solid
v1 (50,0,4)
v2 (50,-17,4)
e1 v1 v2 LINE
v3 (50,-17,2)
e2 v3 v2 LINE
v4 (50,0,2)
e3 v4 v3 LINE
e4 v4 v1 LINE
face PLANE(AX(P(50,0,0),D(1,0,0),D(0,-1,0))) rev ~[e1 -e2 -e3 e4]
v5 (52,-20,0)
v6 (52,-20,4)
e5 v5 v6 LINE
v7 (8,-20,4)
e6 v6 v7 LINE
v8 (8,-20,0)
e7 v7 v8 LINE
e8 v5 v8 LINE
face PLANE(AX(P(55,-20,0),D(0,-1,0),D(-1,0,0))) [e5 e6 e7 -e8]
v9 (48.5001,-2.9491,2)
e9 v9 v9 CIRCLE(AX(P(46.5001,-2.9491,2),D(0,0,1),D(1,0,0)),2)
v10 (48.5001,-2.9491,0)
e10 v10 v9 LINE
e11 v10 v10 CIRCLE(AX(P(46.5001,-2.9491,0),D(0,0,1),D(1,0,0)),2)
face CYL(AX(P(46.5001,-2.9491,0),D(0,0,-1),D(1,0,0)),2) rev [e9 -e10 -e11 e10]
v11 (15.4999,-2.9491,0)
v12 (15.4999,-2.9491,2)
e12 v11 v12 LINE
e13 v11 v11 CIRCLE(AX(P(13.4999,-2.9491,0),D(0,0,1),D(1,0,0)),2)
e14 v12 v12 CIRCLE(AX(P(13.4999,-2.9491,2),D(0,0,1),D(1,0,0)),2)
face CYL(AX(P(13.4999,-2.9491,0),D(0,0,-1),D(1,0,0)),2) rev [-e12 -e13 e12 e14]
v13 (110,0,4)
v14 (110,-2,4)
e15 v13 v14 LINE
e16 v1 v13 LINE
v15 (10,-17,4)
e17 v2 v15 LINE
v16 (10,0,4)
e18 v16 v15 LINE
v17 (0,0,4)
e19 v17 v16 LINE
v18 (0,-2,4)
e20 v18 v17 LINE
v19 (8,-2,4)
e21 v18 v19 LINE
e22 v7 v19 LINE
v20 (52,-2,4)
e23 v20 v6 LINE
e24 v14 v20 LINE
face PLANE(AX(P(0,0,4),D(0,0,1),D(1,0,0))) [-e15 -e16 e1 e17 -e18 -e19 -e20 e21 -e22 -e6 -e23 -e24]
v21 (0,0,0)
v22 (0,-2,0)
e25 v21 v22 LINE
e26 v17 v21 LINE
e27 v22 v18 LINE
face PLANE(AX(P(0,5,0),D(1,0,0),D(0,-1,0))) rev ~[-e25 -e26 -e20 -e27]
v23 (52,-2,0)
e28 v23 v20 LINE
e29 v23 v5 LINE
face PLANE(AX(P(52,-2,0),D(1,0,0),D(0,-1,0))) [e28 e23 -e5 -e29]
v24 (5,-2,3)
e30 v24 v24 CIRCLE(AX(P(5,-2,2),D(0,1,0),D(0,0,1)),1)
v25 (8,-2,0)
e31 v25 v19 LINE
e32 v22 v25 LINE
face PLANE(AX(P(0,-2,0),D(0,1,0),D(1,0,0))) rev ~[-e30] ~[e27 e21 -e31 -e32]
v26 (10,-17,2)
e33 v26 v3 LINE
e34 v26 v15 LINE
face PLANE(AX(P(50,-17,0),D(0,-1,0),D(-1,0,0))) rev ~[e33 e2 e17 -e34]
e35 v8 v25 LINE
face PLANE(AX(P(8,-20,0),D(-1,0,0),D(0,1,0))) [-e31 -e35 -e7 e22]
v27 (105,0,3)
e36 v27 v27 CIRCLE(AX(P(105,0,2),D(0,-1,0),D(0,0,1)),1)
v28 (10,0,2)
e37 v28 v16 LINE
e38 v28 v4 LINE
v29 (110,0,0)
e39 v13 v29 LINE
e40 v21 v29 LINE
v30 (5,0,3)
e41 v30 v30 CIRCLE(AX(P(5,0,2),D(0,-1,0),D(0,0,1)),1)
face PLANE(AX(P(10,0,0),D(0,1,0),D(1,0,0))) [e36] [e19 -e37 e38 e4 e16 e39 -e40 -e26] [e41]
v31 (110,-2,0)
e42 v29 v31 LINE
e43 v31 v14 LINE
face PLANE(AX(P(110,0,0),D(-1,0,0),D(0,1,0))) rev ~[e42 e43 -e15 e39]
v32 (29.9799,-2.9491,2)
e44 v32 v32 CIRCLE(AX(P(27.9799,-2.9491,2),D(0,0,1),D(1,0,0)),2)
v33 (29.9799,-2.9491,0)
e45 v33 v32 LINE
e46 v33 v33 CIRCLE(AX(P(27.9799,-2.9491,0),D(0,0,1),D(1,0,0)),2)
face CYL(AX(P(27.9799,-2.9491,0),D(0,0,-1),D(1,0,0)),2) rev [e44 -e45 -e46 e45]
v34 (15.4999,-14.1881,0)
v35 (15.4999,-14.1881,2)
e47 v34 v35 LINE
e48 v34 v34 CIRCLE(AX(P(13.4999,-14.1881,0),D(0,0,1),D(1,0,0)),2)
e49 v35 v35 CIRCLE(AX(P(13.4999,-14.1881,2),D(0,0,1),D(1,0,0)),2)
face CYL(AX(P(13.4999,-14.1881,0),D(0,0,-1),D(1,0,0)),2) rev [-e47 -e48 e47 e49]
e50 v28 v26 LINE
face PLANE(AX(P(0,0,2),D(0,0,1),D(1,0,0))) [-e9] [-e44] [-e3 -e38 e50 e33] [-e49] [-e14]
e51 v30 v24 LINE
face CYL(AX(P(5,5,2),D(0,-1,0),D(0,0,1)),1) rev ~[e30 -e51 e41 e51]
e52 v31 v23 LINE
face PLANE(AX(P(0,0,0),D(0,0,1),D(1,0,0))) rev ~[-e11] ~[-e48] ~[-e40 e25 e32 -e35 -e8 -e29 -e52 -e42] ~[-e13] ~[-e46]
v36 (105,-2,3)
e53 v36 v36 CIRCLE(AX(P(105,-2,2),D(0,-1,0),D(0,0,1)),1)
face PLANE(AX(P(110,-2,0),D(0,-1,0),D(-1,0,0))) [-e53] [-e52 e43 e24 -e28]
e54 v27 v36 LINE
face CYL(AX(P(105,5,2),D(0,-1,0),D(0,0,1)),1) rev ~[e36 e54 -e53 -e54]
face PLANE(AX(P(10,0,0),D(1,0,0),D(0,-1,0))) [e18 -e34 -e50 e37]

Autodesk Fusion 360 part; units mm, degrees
sketch "Esboço1" plane through (0, 0, 0) normal (0, 0, 1) x (1, 0, 0)
  line L0 (0, 0) -> (110, 0)
  line L1 (110, 0) -> (110, -5)
  line L2 (55, -20) -> (5, -20)
  line L3 (0, -5) -> (0, 0)
  line L4 (0, 0) -> (55, 0)
  line L5 (0, -5) -> (0, 0)
  line L6 (35, 0) -> (75, 0)
  line L7 (0, 0) -> (10, 0)
  line L8 (10, 0) -> (10, -10)
  line L9 (0, -5) -> (0, 0)
  line L10 (10, 0) -> (50, 0)
  line L11 (50, 0) -> (50, -17)
  line L12 (50, -17) -> (10, -17)
  line L13 (10, -17) -> (10, 0)
  line L14 (10, 0) -> (50, 0)
  line L15 (50, 0) -> (50, -17)
  line L16 (50, -17) -> (10, -17)
  line L17 (10, -17) -> (10, 0)
  circle A0 centre (46.5001, -2.9491) radius 2
  circle A1 centre (46.5001, -14.1881) radius 2
  circle A2 centre (30, -14.1881) radius 2
  line L18 (30, -12.1881) -> (30, -17)
  circle A3 centre (13.4999, -14.1881) radius 2
  line L19 (0, 0) -> (5, 0)
  line L20 (0, -5) -> (0, 0)
  line L21 (110, 0) -> (105, 0)
  line L22 (110, -5) -> (110, 0)
  line L23 (55, -20) -> (110, -5)
  line L24 (5, -20) -> (0, -5)
  line L25 (0, 0) -> (5, 0)
  line L26 (5, 0) -> (5, 5)
  line L27 (5, 5) -> (0, 5)
  line L28 (0, 5) -> (0, 0)
  line L29 (105, 0) -> (110, 0)
  line L30 (110, 0) -> (110, 5)
  line L31 (110, 5) -> (105, 5)
  line L32 (105, 5) -> (105, 0)
  dimension "d1" = 110
  dimension "d3" = 55
  dimension "d5" = 40
  dimension "d7" = 40
  dimension "d8" = 17
  dimension "d9" = 40
  dimension "d10" = 17
  dimension "d11" = 4
  dimension "d12" = 4
  dimension "d13" = 4
  dimension "d14" = 5
  dimension "d15" = 5
  dimension "d16" = 5
  dimension "d17" = 5
extrude "Extrusão1" add sketch "Esboço1" along normal blind 2 contours L0 L4 L6 L8 L10 L11 L12 L13 L14 L15 L16 L17
extrude "Extrusão2" add sketch "Esboço1" along normal blind 4 contours L0 L1 L2 L3 L4 L5 L6 L7 L8 L9 L11 L12 L13 L15 L16 L17 L19 L20 L21 L22 L23 L24 L25 L29
extrude "Extrusão3" add sketch "Esboço1" along normal blind 1 contours L0 L21 L29 L30 L31 L32
extrude "Extrusão4" add sketch "Esboço1" along normal blind 1 contours L0 L4 L7 L19 L25 L26 L27 L28
sketch "Esboço2" plane through (0, 5, 0) normal (0, 1, 0) x (-1, 0, 0)
  line L0 (-110, 0) -> (-105, 0)
  line L1 (-105, 0) -> (-105, 1)
  line L2 (-105, 1) -> (-110, 1)
  line L3 (-110, 1) -> (-110, 0)
  circle A0 centre (-105, 2) radius 1
  circle A1 centre (-5, 2) radius 1
  dimension "d26" = 2
hole "Furo1" at (105, 5, 2) direction (0, -1, 0) diameter 2 depth 38 tip angle 118
hole "Furo2" at (5, 5, 2) direction (0, -1, 0) diameter 2 depth 38 tip angle 118
sketch "Esboço3" plane through (0, 0, 0) normal (0, 0, 1) x (1, 0, 0)
  line L0 (0, 0) -> (10, 0)
  line L1 (10, 0) -> (10, -2)
  line L2 (10, -2) -> (0, -2)
  line L3 (0, -2) -> (0, 0)
  line L4 (7, 0) -> (10, 0)
  line L5 (10, 0) -> (10, -20)
  line L6 (10, -20) -> (7, -20)
  line L7 (7, -20) -> (7, 0)
  line L8 (10, -20) -> (7, -20)
  line L9 (7, -20) -> (7, -2)
  line L10 (7, -2) -> (10, -2)
  line L11 (10, -2) -> (10, -20)
  line L12 (7, -20) -> (5, -20)
  line L13 (5, -20) -> (5, -2)
  line L14 (5, -2) -> (7, -2)
  line L15 (7, -2) -> (7, -20)
  dimension "d33" = 2
sketch "Esboço4" plane through (0, 0, 0) normal (0, 0, 1) x (1, 0, 0)
  line L0 (8, 0) -> (10, 0)
  line L1 (10, 0) -> (10, -20)
  line L2 (10, -20) -> (8, -20)
  line L3 (8, -20) -> (8, 0)
  line L4 (10, 0) -> (0, 0)
  line L5 (0, 0) -> (0, -2)
  line L6 (0, -2) -> (10, -2)
  line L7 (10, -2) -> (10, 0)
  line L8 (8, -20) -> (0, -20)
  line L9 (0, -20) -> (0, -2)
  line L10 (0, -2) -> (8, -2)
  line L11 (8, -2) -> (8, -20)
extrude "Extrusão6" cut sketch "Esboço4" along normal blind 2 contours L3 L6 L8 L9 L10 L11
extrude "Extrusão7" cut sketch "Esboço4" along normal blind 4 contours L3 L6 L8 L9 L10 L11
sketch "Esboço5" plane through (0, 0, 0) normal (0, 0, 1) x (1, 0, 0)
  line L0 (52, -20) -> (110, -20)
  line L1 (110, -20) -> (110, -2)
  line L2 (110, -2) -> (52, -2)
  line L3 (52, -2) -> (52, -20)
extrude "Extrusão8" cut sketch "Esboço5" along normal blind 4
extrude "Extrusão9" cut 1 faces at (108.3333, 1.6667, 1) along direction (0, 0, -1) blind 1
extrude "Extrusão10" cut 1 faces at (1.6667, 3.3333, 1) along direction (0, 0, -1) blind 1
sketch "Esboço6" plane through (0, 0, 0) normal (0, 0, 1) x (1, 0, 0)
  circle A0 centre (13.4999, -2.9491) radius 2
  point P0 (13.4999, -14.1881)
  point P1 (46.5001, -2.9491)
  dimension "d46" = 4
extrude "Extrusão14" cut sketch "Esboço6" along normal blind 2
sketch "Esboço7" plane through (0, 0, 0) normal (0, 0, 1) x (1, 0, 0)
  circle A0 centre (27.9799, -2.9491) radius 2
  point P0 (13.4999, -2.9491)
  dimension "d55" = 4
extrude "Extrusão15" cut sketch "Esboço7" along normal blind 2
extrude "Extrusão16" add sketch "Esboço1" along normal blind 2 contours A1 | A2 L18 picked at (28.599, -14.3364)
extrude "Extrusão17" add sketch "Esboço1" along normal blind 2 contours A2 L18 picked at (31.4707, -14.5893)
